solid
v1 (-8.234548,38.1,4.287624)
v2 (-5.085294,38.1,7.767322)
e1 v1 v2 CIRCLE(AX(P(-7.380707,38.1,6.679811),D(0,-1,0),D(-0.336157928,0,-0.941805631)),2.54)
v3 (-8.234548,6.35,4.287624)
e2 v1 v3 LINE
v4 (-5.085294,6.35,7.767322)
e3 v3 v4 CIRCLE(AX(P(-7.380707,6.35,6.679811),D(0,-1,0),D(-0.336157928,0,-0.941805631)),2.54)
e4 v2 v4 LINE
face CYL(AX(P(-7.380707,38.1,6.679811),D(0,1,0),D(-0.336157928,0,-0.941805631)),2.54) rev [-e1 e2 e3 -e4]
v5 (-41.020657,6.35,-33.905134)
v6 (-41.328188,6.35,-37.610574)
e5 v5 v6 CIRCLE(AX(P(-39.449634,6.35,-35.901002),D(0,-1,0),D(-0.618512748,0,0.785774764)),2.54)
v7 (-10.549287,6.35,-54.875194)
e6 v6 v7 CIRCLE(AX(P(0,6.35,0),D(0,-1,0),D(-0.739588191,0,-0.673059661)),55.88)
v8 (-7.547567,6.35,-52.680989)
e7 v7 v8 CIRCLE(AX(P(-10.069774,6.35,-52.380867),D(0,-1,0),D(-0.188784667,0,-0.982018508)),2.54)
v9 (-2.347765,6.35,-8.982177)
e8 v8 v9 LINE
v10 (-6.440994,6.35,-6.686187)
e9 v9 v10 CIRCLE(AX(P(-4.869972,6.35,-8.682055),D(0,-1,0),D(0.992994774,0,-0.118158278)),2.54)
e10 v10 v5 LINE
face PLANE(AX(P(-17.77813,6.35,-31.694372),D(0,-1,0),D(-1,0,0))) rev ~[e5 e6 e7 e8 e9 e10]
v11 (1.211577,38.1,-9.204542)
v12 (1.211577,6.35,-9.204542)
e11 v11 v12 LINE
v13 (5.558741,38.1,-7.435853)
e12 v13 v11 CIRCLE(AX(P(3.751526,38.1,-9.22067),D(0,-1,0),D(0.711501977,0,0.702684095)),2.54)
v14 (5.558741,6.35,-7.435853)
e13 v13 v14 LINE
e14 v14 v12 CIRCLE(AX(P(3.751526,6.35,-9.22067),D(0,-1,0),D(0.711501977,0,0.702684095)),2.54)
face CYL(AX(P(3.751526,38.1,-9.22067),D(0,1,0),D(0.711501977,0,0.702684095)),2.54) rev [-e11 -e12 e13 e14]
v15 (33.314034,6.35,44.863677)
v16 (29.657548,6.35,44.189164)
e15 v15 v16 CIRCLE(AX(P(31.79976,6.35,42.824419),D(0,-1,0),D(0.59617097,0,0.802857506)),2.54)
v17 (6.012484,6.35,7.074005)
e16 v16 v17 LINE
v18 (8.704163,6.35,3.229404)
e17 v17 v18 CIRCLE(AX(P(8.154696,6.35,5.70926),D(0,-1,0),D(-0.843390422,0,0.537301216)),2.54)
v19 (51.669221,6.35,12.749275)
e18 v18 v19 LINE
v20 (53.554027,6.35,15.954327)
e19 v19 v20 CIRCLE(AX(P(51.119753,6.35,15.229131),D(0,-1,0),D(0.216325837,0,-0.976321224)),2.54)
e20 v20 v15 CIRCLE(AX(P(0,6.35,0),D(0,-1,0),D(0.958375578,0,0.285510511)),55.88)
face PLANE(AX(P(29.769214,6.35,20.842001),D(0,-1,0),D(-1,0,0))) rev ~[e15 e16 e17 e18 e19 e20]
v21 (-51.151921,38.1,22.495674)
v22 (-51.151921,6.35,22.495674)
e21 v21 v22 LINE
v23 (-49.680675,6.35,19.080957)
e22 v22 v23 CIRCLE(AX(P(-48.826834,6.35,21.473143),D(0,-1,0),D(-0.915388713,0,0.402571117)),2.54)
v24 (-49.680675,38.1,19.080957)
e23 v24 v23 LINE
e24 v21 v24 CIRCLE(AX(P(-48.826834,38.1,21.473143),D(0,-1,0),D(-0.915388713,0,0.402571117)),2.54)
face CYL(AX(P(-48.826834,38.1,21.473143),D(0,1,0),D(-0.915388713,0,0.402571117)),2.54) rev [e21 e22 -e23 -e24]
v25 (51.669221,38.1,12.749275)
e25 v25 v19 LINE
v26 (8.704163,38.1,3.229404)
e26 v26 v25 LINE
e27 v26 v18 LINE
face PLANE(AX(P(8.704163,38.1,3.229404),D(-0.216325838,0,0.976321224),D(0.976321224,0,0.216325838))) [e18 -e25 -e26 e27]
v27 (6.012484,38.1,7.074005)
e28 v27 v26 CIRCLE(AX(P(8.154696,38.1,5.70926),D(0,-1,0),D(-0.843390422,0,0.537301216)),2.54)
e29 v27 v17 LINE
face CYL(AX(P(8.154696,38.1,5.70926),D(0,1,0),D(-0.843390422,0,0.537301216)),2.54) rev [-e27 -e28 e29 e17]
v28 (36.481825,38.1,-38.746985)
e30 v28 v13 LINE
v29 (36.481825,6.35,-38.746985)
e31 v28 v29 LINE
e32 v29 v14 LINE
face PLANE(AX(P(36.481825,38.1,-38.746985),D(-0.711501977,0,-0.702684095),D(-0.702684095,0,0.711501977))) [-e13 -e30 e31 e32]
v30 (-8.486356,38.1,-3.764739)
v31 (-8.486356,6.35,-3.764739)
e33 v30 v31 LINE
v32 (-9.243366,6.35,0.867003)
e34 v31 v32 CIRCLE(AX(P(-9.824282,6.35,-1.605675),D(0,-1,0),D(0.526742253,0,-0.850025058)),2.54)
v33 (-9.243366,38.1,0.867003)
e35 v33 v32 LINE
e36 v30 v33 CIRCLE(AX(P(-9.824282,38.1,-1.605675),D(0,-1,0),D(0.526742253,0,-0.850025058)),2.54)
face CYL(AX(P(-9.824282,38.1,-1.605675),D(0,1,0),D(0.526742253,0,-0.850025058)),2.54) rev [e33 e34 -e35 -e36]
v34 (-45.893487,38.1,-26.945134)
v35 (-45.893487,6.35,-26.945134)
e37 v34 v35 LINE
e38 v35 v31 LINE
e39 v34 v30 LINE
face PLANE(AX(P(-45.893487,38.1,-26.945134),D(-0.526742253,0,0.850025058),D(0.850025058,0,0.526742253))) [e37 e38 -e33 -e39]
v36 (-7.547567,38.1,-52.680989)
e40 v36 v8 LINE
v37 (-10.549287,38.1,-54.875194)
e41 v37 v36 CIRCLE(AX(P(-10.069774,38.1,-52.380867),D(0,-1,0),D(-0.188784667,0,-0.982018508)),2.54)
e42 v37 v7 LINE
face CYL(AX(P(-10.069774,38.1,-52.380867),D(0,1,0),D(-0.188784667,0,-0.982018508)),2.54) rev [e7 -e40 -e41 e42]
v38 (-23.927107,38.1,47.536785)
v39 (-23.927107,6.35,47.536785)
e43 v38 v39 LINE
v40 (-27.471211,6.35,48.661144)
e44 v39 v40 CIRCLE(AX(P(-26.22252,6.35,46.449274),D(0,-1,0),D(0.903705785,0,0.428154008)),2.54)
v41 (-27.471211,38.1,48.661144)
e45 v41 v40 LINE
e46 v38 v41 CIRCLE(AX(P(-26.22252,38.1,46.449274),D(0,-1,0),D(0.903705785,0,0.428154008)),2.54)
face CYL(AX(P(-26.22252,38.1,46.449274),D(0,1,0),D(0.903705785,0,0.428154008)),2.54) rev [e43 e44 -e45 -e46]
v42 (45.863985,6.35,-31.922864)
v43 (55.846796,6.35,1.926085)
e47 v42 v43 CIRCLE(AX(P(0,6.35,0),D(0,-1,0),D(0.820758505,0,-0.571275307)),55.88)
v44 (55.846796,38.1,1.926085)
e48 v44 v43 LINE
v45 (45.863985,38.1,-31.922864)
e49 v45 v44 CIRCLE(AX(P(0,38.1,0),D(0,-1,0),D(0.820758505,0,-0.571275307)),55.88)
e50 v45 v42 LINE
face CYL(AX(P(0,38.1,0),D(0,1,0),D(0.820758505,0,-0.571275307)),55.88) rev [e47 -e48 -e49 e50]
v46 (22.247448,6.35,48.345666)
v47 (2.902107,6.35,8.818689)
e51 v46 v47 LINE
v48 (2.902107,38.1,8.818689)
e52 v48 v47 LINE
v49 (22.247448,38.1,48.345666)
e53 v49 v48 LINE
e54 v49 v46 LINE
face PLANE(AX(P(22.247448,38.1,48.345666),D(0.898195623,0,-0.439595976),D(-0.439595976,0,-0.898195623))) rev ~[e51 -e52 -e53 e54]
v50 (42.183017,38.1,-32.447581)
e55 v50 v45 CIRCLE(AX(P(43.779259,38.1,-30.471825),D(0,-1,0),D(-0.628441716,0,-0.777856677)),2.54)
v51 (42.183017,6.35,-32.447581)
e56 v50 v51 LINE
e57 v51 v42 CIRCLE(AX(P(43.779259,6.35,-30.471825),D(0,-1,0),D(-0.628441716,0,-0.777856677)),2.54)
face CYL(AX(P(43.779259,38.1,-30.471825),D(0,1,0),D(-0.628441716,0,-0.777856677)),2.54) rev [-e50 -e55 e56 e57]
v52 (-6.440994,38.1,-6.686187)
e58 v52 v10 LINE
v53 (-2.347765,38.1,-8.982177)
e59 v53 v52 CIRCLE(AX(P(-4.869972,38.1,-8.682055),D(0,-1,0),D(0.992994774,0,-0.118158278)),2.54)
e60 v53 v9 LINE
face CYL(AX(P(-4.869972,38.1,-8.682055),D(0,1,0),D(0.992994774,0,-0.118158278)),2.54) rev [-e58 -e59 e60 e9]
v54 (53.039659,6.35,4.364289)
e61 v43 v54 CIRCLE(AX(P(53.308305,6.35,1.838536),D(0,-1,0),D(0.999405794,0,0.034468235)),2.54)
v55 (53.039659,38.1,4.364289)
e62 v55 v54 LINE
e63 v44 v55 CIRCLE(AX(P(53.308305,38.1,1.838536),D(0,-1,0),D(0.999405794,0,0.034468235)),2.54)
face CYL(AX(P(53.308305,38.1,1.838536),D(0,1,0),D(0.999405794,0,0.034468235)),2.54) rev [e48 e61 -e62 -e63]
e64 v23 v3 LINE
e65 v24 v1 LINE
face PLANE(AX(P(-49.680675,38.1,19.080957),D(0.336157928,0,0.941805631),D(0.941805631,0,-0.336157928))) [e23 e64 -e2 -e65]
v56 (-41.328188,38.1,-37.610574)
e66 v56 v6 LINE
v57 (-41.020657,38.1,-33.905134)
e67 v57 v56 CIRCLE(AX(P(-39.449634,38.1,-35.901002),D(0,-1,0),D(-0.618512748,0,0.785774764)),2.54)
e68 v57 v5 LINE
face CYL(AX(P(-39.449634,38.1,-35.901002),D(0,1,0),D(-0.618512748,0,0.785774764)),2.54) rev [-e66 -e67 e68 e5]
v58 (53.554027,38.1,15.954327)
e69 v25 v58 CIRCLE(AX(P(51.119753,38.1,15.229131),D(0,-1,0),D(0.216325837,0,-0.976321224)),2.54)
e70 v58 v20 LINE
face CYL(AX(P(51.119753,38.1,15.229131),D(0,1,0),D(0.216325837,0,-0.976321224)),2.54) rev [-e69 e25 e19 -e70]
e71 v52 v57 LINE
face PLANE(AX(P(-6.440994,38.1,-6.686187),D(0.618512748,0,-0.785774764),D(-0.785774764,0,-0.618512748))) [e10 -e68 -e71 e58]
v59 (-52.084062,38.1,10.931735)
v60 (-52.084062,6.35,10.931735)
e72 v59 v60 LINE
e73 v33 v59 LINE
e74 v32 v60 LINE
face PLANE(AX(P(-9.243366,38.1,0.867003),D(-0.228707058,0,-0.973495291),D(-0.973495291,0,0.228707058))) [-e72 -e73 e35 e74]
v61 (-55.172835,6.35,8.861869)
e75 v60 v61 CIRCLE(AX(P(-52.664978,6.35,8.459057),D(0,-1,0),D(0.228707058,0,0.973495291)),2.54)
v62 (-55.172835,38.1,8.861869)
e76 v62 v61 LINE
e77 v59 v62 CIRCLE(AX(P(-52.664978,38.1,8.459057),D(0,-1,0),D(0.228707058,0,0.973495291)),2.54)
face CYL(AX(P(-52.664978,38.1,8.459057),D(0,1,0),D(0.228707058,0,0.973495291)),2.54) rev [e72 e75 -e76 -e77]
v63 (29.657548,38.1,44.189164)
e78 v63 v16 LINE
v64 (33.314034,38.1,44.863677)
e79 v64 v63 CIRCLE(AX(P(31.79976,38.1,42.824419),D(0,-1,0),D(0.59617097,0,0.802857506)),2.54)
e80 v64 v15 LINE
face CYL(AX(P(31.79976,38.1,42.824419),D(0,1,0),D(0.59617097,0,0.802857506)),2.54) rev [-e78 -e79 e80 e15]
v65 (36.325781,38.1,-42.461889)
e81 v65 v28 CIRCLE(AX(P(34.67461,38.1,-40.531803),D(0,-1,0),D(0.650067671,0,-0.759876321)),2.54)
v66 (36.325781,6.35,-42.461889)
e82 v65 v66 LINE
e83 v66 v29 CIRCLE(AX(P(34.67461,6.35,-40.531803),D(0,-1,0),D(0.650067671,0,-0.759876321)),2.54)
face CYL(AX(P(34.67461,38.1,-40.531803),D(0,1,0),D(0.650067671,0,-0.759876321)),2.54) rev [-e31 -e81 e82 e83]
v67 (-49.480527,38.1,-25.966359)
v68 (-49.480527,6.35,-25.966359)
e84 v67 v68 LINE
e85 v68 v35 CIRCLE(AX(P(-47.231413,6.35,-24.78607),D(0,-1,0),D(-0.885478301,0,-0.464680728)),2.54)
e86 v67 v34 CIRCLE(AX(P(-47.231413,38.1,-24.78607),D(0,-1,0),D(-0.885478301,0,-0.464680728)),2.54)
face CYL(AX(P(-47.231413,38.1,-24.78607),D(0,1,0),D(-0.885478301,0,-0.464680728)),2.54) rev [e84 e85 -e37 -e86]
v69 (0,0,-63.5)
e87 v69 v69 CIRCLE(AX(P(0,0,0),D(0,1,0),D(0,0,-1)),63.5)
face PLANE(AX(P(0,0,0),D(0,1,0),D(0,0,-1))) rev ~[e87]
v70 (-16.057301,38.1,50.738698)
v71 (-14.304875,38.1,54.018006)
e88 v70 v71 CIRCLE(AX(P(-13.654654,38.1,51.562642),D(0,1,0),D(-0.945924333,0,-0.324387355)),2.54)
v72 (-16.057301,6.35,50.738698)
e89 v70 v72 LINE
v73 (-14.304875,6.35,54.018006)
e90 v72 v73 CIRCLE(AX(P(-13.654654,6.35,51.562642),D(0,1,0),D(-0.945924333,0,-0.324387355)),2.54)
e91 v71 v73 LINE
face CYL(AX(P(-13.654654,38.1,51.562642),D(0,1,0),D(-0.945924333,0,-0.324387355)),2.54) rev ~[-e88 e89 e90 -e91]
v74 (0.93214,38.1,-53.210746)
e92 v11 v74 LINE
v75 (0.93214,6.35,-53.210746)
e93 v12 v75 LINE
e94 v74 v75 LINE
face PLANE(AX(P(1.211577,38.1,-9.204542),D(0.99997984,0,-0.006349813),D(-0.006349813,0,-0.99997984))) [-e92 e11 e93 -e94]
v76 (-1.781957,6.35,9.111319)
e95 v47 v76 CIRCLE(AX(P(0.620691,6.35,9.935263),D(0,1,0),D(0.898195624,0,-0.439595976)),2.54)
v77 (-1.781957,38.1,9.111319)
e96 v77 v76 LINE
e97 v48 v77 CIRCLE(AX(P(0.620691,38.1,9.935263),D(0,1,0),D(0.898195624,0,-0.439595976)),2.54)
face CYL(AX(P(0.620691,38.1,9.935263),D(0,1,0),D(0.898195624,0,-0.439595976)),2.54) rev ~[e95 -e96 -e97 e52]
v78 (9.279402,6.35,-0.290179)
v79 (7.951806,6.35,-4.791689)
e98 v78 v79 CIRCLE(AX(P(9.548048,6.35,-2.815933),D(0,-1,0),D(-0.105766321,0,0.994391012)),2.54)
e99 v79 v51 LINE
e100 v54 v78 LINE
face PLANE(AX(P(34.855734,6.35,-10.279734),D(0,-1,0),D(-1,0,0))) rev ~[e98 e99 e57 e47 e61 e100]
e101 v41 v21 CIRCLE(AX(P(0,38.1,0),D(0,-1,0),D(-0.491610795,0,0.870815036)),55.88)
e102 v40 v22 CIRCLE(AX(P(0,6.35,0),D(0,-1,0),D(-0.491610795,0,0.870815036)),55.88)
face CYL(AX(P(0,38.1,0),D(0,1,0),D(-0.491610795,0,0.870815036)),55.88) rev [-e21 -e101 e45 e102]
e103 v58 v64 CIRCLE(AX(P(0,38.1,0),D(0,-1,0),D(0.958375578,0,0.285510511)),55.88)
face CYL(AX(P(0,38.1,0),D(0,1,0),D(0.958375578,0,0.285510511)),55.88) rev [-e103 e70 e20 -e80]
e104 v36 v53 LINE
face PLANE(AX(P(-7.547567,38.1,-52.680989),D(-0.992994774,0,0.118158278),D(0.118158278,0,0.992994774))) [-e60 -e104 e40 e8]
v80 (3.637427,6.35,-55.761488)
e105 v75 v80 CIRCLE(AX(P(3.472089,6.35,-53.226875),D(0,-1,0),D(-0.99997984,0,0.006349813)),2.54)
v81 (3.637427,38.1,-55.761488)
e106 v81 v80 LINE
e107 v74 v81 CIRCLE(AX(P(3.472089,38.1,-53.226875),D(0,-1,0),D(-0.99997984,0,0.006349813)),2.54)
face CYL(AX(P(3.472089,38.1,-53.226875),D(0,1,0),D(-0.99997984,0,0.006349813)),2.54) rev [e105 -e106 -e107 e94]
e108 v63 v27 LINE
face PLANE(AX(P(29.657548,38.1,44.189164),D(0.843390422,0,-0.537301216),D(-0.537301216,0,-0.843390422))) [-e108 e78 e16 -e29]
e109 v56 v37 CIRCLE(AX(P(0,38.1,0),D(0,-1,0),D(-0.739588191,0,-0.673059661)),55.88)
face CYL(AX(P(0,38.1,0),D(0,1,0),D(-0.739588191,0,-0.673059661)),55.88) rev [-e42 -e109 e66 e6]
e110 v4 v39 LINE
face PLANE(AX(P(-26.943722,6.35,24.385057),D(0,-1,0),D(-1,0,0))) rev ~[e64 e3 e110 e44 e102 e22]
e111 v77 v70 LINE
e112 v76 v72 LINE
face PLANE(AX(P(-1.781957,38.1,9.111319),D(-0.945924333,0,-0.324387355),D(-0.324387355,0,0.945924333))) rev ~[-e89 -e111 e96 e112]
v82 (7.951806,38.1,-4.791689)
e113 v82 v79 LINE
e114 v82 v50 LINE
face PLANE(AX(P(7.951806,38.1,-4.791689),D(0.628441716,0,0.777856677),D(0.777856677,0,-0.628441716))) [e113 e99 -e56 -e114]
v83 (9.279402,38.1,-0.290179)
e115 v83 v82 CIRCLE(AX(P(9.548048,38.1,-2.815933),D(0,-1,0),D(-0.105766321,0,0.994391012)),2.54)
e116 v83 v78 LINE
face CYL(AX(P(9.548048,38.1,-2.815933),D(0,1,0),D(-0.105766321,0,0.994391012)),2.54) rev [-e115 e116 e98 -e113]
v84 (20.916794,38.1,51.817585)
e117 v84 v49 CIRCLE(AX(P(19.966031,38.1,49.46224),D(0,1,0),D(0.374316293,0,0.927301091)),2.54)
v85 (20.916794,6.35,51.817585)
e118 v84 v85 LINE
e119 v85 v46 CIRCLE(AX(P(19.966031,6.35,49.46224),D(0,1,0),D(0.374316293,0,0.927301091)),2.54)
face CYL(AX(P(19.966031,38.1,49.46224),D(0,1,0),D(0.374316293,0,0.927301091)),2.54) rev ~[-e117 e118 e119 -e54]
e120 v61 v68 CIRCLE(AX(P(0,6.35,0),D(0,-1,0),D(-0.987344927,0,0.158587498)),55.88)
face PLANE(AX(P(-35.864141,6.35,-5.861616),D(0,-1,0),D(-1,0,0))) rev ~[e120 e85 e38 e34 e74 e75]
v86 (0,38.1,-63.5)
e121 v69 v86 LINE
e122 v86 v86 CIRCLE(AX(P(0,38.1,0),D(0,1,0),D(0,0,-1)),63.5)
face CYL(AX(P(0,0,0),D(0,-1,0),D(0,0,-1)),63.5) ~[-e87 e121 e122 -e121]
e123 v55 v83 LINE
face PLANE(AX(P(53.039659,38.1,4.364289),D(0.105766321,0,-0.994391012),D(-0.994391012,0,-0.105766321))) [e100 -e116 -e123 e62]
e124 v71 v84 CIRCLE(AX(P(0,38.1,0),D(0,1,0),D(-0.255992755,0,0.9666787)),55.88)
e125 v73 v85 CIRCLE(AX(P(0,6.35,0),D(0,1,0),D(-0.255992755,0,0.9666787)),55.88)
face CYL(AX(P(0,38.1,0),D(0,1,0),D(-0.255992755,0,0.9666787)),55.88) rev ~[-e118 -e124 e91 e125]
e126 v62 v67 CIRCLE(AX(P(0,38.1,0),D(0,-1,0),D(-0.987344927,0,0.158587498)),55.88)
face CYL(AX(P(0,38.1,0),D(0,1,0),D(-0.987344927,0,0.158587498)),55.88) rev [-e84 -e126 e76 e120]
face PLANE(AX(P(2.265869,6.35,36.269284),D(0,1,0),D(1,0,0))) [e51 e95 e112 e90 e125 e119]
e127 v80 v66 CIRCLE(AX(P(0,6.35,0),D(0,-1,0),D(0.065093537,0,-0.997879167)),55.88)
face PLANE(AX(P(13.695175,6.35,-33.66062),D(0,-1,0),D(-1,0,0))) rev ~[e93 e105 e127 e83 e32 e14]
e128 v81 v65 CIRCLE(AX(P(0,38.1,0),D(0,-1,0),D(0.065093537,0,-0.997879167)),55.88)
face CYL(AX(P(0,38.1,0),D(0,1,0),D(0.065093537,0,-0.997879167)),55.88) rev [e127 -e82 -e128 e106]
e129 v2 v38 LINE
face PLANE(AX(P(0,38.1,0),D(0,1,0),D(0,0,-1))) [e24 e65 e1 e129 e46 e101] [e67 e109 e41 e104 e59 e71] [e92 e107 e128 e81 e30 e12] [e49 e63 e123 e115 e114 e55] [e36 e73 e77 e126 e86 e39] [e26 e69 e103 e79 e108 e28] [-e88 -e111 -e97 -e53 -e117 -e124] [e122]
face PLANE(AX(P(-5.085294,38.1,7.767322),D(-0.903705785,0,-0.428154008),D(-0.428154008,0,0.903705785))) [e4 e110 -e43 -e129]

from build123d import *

# Parameters (mm, degrees)
SKETCH1_R           = 63.5
BOSS_EXTRUDE1_DEPTH = 38.1
CUT_EXTRUDE2_DEPTH  = 31.75


with BuildPart() as part:
    # Sketch1 → Boss-Extrude1 (new body)
    with BuildSketch(Plane(origin=(0, 0, 0), x_dir=(1, 0, 0), z_dir=(0, 1, 0))):
        with Locations(Location((0, 0, 0), (0, 0, 90))):
            Circle(SKETCH1_R)
    extrude(amount=BOSS_EXTRUDE1_DEPTH)

    # Sketch2 → Cut-Extrude2 (cut)
    with BuildSketch(Plane(origin=(0, 38.1, 0), x_dir=(1, 0, 0), z_dir=(0, 1, 0))):
        with BuildLine():
            Line((-1.7819572, -9.111319007), (-16.057301334, -50.738697991))
            ThreePointArc((-16.057301334, -50.738697991), (-15.89484722, -52.75977688), (-14.304875125, -54.018005773))
            ThreePointArc((-14.304875125, -54.018005773), (3.484226214, -55.771270092), (20.916794468, -51.817584942))
            ThreePointArc((20.916794468, -51.817584942), (22.337802979, -50.371249564), (22.247447967, -48.345666393))
            Line((22.247447967, -48.345666393), (2.902107489, -8.818689111))
            ThreePointArc((2.902107489, -8.818689111), (0.462316687, -7.400205158), (-1.7819572, -9.111319007))
        make_face()
        with BuildLine():
            Line((8.704163204, -3.229403726), (51.669220951, -12.749274735))
            ThreePointArc((51.669220951, -12.749274735), (53.309221074, -13.941562792), (53.554027291, -15.954327341))
            ThreePointArc((53.554027291, -15.954327341), (45.776114287, -32.048740393), (33.314033776, -44.863677441))
            ThreePointArc((33.314033776, -44.863677441), (31.338979429, -45.322274799), (29.657547842, -44.189164464))
            Line((29.657547842, -44.189164464), (6.012483905, -7.074004722))
            ThreePointArc((6.012483905, -7.074004722), (6.073963109, -4.252498707), (8.704163204, -3.229403726))
        make_face()
        with BuildLine():
            Line((7.951806494, 4.791688532), (42.1830167, 32.447580836))
            ThreePointArc((42.1830167, 32.447580836), (44.13770839, 32.986405118), (45.863985261, 31.922864157))
            ThreePointArc((45.863985261, 31.922864157), (53.597654639, 15.807144497), (55.846795761, -1.926084944))
            ThreePointArc((55.846795761, -1.926084944), (54.973915369, -3.756175388), (53.039658589, -4.3642888))
            Line((53.039658589, -4.3642888), (9.279401997, 0.290179402))
            ThreePointArc((9.279401997, 0.290179402), (7.111791423, 2.097426005), (7.951806494, 4.791688532))
        make_face()
        with BuildLine():
            Line((1.211577307, 9.204541593), (0.932140496, 53.210746228))
            ThreePointArc((0.932140496, 53.210746228), (1.729601044, 55.074937175), (3.637426875, 55.761487836))
            ThreePointArc((3.637426875, 55.761487836), (21.059067856, 51.759927174), (36.325781471, 42.461888801))
            ThreePointArc((36.325781471, 42.461888801), (37.212371773, 40.638400701), (36.481824607, 38.746985345))
            Line((36.481824607, 38.746985345), (5.55874112, 7.435852518))
            ThreePointArc((5.55874112, 7.435852518), (2.794295742, 6.867946156), (1.211577307, 9.204541593))
        make_face()
        with BuildLine():
            Line((-6.440994304, 6.686187096), (-41.020656513, 33.905134408))
            ThreePointArc((-41.020656513, 33.905134408), (-41.980931166, 35.690918215), (-41.328188139, 37.610573848))
            ThreePointArc((-41.328188139, 37.610573848), (-27.33742655, 48.736428979), (-10.549287178, 54.875194214))
            ThreePointArc((-10.549287178, 54.875194214), (-8.570846762, 54.431432191), (-7.547567398, 52.680989231))
            Line((-7.547567398, 52.680989231), (-2.347765198, 8.982177024))
            ThreePointArc((-2.347765198, 8.982177024), (-3.627361626, 6.466762771), (-6.440994304, 6.686187096))
        make_face()
        with BuildLine():
            Line((-9.243365832, -0.867002658), (-52.084062499, -10.931735159))
            ThreePointArc((-52.084062499, -10.931735159), (-54.078965953, -10.569090123), (-55.172834542, -8.861869364))
            ThreePointArc((-55.172834542, -8.861869364), (-55.148281182, 9.013405721), (-49.480527415, 25.966359134))
            ThreePointArc((-49.480527415, 25.966359134), (-47.900042872, 27.236485042), (-45.89348721, 26.94513373))
            Line((-45.89348721, 26.94513373), (-8.486356436, 3.764739028))
            ThreePointArc((-8.486356436, 3.764739028), (-7.317541705, 1.195975121), (-9.243365832, -0.867002658))
        make_face()
        with BuildLine():
            Line((-5.085294358, -7.767321727), (-23.927107102, -47.536785185))
            ThreePointArc((-23.927107102, -47.536785185), (-25.454436367, -48.870358028), (-27.471211214, -48.661144195))
            ThreePointArc((-27.471211214, -48.661144195), (-41.431355264, -37.496895885), (-51.15192129, -22.495673991))
            ThreePointArc((-51.15192129, -22.495673991), (-51.159529717, -20.468090867), (-49.680675096, -19.080957051))
            Line((-49.680675096, -19.080957051), (-8.234548188, -4.287624243))
            ThreePointArc((-8.234548188, -4.287624243), (-5.49746363, -4.975406188), (-5.085294358, -7.767321727))
        make_face()
    extrude(amount=-CUT_EXTRUDE2_DEPTH, mode=Mode.SUBTRACT)


solid = part.part
